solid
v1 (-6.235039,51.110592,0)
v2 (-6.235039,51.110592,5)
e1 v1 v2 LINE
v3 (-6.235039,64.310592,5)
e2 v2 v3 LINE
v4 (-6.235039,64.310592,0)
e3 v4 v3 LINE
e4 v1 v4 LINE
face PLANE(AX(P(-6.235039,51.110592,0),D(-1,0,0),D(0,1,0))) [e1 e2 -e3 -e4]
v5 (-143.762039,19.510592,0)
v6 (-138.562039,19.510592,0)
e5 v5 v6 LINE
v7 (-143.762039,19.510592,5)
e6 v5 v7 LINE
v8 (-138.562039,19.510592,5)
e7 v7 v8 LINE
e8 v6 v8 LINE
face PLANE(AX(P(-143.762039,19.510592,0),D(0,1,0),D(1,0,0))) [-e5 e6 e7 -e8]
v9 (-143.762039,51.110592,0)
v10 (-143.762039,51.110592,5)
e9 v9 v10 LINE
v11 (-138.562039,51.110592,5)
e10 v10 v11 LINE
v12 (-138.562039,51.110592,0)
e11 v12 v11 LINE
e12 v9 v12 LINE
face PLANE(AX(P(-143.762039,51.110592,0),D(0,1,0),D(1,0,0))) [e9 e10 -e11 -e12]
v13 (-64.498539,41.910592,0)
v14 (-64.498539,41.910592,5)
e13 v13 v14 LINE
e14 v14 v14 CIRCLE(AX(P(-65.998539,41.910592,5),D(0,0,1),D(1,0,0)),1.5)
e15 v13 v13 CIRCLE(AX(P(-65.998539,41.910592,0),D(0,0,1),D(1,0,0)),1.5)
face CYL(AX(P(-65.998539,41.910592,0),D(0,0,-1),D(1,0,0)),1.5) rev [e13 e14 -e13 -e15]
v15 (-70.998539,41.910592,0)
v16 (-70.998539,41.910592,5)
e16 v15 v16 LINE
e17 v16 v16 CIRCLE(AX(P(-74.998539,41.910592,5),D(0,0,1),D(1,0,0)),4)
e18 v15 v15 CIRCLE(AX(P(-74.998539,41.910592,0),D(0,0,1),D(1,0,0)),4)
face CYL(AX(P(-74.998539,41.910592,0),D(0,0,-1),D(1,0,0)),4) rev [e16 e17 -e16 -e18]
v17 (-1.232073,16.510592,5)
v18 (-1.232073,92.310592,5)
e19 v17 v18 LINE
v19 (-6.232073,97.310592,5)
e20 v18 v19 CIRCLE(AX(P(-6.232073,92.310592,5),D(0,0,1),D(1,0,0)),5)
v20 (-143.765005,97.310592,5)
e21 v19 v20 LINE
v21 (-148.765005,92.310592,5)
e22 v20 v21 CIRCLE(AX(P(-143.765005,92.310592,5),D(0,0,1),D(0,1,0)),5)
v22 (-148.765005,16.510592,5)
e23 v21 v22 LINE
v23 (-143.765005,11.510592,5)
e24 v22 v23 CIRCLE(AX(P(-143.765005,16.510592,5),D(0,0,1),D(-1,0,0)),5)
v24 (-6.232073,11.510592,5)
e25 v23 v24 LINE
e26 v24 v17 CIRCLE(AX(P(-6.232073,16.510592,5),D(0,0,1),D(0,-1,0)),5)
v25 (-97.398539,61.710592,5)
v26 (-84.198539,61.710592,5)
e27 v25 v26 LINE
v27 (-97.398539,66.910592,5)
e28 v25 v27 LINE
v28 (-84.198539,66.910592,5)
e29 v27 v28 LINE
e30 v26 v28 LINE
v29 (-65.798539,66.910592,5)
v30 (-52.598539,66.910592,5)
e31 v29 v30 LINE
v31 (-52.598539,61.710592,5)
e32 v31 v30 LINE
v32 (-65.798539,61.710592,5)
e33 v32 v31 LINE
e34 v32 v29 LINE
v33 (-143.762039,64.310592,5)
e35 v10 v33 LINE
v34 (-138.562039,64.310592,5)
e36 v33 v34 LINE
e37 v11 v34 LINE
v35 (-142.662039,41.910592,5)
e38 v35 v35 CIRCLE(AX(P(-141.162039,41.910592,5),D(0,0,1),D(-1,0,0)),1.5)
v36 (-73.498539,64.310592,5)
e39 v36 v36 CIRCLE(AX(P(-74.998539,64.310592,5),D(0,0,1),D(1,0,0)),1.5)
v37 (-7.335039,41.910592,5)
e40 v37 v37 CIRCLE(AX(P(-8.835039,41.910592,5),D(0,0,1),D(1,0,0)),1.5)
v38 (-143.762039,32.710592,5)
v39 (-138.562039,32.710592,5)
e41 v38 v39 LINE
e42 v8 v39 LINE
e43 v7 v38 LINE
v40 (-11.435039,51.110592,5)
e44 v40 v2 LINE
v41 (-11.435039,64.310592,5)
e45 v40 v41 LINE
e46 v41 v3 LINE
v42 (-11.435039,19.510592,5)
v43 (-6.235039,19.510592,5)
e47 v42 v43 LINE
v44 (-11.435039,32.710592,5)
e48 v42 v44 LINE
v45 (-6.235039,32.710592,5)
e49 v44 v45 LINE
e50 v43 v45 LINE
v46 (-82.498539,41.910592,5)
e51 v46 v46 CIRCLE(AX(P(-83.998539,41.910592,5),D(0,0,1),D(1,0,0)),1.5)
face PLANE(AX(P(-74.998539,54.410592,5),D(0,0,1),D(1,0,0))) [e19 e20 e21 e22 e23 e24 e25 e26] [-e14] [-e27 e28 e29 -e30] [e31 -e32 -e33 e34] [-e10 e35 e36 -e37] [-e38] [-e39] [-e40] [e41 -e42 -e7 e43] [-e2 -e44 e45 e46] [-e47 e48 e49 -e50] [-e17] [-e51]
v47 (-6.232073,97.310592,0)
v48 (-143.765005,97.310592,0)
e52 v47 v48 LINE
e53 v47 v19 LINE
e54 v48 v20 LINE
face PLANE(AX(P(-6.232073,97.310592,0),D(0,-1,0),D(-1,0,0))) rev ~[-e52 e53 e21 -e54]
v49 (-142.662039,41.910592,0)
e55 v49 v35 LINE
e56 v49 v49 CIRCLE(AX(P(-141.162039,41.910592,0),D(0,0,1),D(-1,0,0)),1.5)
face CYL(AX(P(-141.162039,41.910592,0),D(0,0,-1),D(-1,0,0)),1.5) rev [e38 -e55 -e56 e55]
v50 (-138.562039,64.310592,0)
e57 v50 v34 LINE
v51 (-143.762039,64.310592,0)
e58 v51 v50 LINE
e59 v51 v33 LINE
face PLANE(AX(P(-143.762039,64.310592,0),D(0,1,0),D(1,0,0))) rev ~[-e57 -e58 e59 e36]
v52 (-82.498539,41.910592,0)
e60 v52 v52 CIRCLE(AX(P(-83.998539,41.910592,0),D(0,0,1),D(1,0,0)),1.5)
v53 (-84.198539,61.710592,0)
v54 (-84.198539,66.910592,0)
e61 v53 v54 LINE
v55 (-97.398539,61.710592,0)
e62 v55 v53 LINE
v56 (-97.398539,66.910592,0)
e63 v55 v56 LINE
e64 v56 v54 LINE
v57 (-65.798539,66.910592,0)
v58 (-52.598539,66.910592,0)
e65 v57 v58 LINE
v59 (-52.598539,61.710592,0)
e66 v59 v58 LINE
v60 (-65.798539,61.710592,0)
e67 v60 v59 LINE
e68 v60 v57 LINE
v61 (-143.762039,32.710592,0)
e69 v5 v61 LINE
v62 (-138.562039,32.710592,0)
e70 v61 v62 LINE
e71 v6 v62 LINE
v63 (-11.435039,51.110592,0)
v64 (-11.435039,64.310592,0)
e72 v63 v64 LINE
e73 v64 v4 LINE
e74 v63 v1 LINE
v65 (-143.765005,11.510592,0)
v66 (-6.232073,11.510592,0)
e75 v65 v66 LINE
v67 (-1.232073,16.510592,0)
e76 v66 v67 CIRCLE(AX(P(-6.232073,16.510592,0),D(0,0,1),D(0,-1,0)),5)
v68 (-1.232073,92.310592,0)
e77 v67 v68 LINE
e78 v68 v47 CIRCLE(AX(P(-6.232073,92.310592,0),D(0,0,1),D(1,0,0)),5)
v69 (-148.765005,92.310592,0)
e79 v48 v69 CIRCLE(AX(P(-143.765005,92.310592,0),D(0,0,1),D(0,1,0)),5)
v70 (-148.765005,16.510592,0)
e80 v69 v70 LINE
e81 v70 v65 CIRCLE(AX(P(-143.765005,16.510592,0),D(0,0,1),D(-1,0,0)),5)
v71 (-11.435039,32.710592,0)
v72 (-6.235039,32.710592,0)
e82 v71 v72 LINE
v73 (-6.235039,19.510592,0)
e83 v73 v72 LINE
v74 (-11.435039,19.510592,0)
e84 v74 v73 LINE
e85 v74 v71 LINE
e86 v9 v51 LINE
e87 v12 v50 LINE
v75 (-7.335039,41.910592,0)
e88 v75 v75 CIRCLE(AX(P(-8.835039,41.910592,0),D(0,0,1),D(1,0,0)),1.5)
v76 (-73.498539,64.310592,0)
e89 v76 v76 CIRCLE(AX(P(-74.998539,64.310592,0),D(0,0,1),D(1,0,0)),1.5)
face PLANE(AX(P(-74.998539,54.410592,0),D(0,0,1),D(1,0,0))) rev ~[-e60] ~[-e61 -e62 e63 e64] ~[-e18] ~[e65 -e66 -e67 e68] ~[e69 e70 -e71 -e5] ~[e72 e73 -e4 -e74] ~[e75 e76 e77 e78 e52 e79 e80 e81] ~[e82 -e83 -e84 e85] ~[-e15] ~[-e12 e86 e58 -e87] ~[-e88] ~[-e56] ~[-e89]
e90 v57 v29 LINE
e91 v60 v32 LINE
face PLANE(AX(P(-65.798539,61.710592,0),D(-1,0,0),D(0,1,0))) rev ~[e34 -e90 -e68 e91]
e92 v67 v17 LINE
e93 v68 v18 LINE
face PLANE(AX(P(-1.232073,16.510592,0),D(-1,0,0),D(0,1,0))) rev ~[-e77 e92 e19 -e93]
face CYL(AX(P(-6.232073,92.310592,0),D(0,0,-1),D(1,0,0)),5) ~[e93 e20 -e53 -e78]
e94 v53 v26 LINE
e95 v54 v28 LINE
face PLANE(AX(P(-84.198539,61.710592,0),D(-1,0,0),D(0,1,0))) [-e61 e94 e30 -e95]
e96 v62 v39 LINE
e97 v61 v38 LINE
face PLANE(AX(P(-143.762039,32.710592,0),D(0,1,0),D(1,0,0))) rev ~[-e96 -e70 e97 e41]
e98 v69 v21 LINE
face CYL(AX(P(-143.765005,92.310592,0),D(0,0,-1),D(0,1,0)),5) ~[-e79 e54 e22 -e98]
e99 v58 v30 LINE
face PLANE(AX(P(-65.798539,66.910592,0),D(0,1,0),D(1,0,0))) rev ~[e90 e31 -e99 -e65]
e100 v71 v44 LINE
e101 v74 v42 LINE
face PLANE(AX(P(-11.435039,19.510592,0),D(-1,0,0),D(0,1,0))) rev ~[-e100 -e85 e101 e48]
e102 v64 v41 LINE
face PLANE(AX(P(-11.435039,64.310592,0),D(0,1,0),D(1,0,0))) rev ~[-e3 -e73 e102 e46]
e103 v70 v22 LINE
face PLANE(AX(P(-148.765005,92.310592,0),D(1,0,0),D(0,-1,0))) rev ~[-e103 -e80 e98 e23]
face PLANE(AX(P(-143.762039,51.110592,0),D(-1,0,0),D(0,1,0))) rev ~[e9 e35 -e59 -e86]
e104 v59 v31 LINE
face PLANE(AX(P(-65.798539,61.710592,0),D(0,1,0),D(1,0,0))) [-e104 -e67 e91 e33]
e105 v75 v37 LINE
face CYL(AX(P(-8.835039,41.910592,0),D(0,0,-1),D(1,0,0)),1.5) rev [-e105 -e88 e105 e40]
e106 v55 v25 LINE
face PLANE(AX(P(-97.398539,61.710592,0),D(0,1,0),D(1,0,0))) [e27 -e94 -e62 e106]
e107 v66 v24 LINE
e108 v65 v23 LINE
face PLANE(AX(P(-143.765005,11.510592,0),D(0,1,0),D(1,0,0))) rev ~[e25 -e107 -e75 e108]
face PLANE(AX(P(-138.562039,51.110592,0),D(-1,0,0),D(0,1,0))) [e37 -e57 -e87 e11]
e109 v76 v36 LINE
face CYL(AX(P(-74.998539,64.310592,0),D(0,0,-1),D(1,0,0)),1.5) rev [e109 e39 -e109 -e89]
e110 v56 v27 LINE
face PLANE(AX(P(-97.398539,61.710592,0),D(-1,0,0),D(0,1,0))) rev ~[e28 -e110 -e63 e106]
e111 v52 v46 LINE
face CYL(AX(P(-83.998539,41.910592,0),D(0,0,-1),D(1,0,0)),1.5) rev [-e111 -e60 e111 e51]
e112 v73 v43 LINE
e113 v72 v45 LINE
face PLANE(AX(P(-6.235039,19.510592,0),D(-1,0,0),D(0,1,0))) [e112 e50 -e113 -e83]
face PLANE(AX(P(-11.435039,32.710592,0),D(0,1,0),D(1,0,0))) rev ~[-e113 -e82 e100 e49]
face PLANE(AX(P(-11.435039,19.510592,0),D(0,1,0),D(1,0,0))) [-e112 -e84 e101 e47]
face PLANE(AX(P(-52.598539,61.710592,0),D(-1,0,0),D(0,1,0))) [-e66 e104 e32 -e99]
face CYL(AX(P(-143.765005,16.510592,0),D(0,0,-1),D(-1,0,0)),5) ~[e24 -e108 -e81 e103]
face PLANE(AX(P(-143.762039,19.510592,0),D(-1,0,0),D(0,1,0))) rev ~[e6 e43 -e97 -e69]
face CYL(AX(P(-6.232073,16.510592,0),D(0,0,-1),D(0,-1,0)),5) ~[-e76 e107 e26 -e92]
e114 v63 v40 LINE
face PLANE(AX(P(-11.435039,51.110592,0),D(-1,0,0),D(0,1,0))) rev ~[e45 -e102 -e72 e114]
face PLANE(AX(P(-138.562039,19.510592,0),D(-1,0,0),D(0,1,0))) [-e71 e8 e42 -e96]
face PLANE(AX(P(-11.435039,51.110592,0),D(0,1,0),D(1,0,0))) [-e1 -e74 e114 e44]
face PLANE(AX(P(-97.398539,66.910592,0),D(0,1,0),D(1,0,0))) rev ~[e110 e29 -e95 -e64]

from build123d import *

# Parameters (mm, degrees)
SKETCH1_R           = 4
SKETCH1_R_2         = 1.5
SKETCH1_W           = 5.2
SKETCH1_H           = 13.2
SKETCH1_W_2         = 13.2
SKETCH1_H_2         = 5.2
BOSS_EXTRUDE1_DEPTH = 5


with BuildPart() as part:
    # Sketch1 → Boss-Extrude1 (new body)
    with BuildSketch(Plane.XY):
        with BuildLine():
            Line((-6.232072687, 97.310592398), (-143.765004629, 97.310592398))
            ThreePointArc((-143.765004629, 97.310592398), (-147.300538535, 95.846126304), (-148.765004629, 92.310592398))
            Line((-148.765004629, 92.310592398), (-148.765004629, 16.510592398))
            ThreePointArc((-148.765004629, 16.510592398), (-147.300538535, 12.975058492), (-143.765004629, 11.510592398))
            Line((-143.765004629, 11.510592398), (-6.232072687, 11.510592398))
            ThreePointArc((-6.232072687, 11.510592398), (-2.696538781, 12.975058492), (-1.232072687, 16.510592398))
            Line((-1.232072687, 16.510592398), (-1.232072687, 92.310592398))
            ThreePointArc((-1.232072687, 92.310592398), (-2.696538781, 95.846126304), (-6.232072687, 97.310592398))
        make_face()
        with Locations((-74.998538658, 41.910592398)):
            Circle(SKETCH1_R, mode=Mode.SUBTRACT)
        with Locations((-83.998538658, 41.910592398)):
            Circle(SKETCH1_R_2, mode=Mode.SUBTRACT)
        with Locations((-65.998538658, 41.910592398)):
            Circle(SKETCH1_R_2, mode=Mode.SUBTRACT)
        with Locations((-8.835038658, 41.910592398)):
            Circle(SKETCH1_R_2, mode=Mode.SUBTRACT)
        with Locations(Location((-141.162038658, 41.910592398, 0), (0, 0, 180))):
            Circle(SKETCH1_R_2, mode=Mode.SUBTRACT)
        with Locations((-74.998538658, 64.310592398)):
            Circle(SKETCH1_R_2, mode=Mode.SUBTRACT)
        with Locations((-8.835038658, 26.110592398)):
            Rectangle(SKETCH1_W, SKETCH1_H, mode=Mode.SUBTRACT)
        with Locations((-8.835038658, 57.710592398)):
            Rectangle(SKETCH1_W, SKETCH1_H, mode=Mode.SUBTRACT)
        with Locations((-59.198538658, 64.310592398)):
            Rectangle(SKETCH1_W_2, SKETCH1_H_2, mode=Mode.SUBTRACT)
        with Locations((-90.798538658, 64.310592398)):
            Rectangle(SKETCH1_W_2, SKETCH1_H_2, mode=Mode.SUBTRACT)
        with Locations((-141.162038658, 57.710592398)):
            Rectangle(SKETCH1_W, SKETCH1_H, mode=Mode.SUBTRACT)
        with Locations((-141.162038658, 26.110592398)):
            Rectangle(SKETCH1_W, SKETCH1_H, mode=Mode.SUBTRACT)
    extrude(amount=BOSS_EXTRUDE1_DEPTH)


solid = part.part
